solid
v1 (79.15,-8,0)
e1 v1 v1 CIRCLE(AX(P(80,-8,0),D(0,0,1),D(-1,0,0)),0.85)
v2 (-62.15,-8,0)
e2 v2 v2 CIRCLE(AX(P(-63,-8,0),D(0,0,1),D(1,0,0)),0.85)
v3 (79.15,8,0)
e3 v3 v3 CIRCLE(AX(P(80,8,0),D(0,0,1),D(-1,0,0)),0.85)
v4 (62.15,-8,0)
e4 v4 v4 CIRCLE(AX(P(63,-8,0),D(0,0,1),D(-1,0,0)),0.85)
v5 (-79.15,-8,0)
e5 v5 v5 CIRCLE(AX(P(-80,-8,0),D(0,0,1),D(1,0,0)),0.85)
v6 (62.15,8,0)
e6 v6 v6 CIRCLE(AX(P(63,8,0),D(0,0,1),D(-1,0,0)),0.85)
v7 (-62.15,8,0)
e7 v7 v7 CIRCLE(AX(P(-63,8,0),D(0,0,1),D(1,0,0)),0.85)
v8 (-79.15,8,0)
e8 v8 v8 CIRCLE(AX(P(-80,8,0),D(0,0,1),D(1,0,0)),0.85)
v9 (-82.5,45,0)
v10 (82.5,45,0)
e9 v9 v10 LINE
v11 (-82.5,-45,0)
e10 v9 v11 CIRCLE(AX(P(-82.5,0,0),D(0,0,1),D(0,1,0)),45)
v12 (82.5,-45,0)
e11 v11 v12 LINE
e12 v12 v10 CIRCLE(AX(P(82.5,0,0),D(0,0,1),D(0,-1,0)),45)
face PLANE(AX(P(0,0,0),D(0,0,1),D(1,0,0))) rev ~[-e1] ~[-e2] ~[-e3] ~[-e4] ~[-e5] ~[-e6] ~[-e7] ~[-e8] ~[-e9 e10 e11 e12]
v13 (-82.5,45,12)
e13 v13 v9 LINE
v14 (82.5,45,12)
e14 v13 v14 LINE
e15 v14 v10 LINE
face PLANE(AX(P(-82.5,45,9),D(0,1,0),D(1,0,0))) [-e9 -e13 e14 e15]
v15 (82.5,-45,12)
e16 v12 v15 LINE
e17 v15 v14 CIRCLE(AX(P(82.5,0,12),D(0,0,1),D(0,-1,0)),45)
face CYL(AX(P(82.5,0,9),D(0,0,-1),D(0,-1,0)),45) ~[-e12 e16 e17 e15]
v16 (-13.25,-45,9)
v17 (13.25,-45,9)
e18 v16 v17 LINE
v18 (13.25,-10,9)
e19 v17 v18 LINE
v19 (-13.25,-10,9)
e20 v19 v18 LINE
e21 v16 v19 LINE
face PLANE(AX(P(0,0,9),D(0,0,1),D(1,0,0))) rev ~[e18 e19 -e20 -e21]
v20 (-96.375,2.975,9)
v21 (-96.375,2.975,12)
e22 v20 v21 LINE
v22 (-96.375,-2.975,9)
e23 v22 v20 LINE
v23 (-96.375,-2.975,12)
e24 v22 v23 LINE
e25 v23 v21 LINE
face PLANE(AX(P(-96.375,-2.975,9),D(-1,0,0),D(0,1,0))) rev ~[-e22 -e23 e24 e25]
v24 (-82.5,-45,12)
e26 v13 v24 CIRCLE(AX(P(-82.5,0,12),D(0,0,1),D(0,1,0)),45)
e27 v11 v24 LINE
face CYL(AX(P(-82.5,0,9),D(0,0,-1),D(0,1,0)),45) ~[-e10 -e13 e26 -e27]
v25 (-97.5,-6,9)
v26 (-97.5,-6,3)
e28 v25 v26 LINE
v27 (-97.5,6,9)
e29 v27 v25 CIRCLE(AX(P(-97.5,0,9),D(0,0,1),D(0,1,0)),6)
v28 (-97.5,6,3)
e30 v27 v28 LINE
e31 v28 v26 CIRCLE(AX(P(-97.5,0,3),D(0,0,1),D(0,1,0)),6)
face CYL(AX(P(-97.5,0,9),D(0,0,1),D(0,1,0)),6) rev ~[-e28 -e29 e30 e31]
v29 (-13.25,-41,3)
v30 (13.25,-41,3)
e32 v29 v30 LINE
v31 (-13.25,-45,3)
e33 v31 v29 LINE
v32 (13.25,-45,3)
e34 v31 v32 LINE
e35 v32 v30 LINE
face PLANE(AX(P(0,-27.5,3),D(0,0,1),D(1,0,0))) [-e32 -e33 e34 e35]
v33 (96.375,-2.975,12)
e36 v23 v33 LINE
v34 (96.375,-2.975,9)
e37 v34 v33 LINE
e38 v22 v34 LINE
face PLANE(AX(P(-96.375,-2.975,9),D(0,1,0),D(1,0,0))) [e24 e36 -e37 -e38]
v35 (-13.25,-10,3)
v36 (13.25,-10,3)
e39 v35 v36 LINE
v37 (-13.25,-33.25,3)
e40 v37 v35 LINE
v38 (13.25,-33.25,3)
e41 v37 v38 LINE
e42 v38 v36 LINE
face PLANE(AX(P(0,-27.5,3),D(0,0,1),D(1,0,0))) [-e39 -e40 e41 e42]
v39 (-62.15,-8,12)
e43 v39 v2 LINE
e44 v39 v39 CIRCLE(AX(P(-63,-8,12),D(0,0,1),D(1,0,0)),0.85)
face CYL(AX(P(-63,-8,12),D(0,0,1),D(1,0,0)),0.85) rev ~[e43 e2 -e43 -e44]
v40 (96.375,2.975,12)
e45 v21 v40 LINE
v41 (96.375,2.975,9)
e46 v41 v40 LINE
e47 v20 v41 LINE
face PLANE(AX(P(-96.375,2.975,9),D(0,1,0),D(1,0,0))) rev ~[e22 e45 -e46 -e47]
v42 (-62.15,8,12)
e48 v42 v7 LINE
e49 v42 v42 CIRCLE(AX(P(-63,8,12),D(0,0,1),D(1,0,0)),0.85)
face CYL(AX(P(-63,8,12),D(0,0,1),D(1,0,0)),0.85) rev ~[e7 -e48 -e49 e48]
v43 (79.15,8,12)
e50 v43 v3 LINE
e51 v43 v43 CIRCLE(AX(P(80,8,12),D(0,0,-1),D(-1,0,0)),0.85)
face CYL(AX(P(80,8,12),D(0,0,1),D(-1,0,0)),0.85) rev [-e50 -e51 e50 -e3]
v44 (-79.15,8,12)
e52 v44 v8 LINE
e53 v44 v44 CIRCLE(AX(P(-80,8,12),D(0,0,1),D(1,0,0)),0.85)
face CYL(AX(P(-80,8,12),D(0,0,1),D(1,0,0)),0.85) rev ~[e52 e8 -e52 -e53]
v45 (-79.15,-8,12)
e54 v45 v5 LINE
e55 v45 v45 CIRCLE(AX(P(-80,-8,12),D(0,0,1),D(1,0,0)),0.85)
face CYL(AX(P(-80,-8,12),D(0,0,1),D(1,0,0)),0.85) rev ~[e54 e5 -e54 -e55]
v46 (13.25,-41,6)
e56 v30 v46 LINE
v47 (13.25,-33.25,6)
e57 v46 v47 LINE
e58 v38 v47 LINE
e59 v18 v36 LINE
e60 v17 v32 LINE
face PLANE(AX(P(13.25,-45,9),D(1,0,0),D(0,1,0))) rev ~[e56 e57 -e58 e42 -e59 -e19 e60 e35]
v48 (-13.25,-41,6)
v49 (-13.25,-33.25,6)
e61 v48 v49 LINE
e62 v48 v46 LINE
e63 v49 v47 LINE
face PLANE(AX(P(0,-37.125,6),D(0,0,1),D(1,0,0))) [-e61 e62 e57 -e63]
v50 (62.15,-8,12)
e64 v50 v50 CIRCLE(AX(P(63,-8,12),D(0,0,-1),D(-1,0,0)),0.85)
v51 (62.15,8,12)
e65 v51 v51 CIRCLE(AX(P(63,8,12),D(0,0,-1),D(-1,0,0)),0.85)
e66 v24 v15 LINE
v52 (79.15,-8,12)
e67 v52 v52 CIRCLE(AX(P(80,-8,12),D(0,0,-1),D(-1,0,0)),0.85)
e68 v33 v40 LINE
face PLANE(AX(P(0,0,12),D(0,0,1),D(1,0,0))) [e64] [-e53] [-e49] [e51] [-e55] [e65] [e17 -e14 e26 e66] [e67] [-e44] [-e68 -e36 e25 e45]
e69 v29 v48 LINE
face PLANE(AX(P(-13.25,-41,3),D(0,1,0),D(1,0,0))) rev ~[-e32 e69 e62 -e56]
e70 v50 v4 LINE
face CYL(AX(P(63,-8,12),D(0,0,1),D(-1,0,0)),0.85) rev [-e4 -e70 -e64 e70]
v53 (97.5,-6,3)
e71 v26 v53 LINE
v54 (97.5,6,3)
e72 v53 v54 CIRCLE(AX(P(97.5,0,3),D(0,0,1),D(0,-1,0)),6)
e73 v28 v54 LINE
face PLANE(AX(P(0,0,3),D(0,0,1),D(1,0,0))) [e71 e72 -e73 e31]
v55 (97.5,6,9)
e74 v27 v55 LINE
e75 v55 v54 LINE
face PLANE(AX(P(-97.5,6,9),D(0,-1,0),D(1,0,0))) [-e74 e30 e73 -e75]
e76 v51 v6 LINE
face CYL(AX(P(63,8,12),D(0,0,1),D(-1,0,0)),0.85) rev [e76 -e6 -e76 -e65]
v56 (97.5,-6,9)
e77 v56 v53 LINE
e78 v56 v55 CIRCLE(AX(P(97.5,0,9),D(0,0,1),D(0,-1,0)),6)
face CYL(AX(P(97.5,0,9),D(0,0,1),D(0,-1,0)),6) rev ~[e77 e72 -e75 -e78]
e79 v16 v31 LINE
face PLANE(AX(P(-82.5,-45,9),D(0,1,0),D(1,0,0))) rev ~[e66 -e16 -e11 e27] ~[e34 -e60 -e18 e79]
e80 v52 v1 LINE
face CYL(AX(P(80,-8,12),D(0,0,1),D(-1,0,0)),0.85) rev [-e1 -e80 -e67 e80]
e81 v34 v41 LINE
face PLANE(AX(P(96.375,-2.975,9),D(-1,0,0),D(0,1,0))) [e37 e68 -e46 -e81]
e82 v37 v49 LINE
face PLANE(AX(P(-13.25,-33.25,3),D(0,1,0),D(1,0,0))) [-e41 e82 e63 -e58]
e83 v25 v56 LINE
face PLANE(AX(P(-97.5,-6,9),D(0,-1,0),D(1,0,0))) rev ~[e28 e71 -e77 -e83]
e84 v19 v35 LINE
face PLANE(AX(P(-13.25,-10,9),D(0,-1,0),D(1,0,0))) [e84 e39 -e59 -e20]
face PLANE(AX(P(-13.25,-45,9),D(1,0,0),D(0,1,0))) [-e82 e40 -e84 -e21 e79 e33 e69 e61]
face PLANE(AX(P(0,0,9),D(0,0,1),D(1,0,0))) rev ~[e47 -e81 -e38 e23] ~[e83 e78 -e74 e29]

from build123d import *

# Parameters (mm, degrees)
PAD_DEPTH       = 9
POCKET_DEPTH    = 6
SKETCH002_W     = 26.5
SKETCH002_H     = 35
POCKET001_DEPTH = 6
SKETCH003_W     = 192.75
SKETCH003_H     = 5.95
PAD001_DEPTH    = 3
SKETCH004_R     = 0.85
POCKET002_DEPTH = 553.365942
SKETCH005_W     = 26.5
SKETCH005_H     = 7.75
PAD002_DEPTH    = 3


with BuildPart() as part:
    # Sketch → Pad (new body)
    with BuildSketch(Plane.XY):
        with BuildLine():
            ThreePointArc((-82.5, 45), (-127.5, 0), (-82.5, -45))
            Line((-82.5, -45), (82.5, -45))
            ThreePointArc((82.5, -45), (127.5, 0), (82.5, 45))
            Line((-82.5, 45), (82.5, 45))
        make_face()
    extrude(amount=PAD_DEPTH)

    # Sketch001 (on Face6 of Pad) → Pocket (cut)
    with BuildSketch(Plane.XY.offset(9)):
        with BuildLine():
            ThreePointArc((-97.5, 6), (-103.5, 0), (-97.5, -6))
            Line((-97.5, -6), (97.5, -6))
            ThreePointArc((97.5, -6), (103.5, 0), (97.5, 6))
            Line((-97.5, 6), (97.5, 6))
        make_face()
    extrude(amount=-POCKET_DEPTH, mode=Mode.SUBTRACT)

    # Sketch002 (on Face5 of Pocket) → Pocket001 (cut)
    with BuildSketch(Plane.XY.offset(9)):
        with Locations((0, -27.5)):
            Rectangle(SKETCH002_W, SKETCH002_H)
    extrude(amount=-POCKET001_DEPTH, mode=Mode.SUBTRACT)

    # Sketch003 (on Face5 of Pocket001) → Pad001 (join)
    with BuildSketch(Plane.XY.offset(9)):
        with BuildLine():
            ThreePointArc((-82.5, 45), (-127.5, 0), (-82.5, -45))
            Line((-82.5, -45), (82.5, -45))
            ThreePointArc((82.5, -45), (127.5, 0), (82.5, 45))
            Line((-82.5, 45), (82.5, 45))
        make_face()
        Rectangle(SKETCH003_W, SKETCH003_H, mode=Mode.SUBTRACT)
    extrude(amount=PAD001_DEPTH)

    # Sketch004 (on Face12 of Pad001) → Pocket002 (cut, through all)
    with BuildSketch(Plane.XY.offset(12)):
        with Locations((-80, -8)):
            Circle(SKETCH004_R)
        with Locations((-63, -8)):
            Circle(SKETCH004_R)
        with Locations((-63, 8)):
            Circle(SKETCH004_R)
        with Locations((-80, 8)):
            Circle(SKETCH004_R)
    pocket002 = extrude(amount=-POCKET002_DEPTH, mode=Mode.SUBTRACT)

    # Sketch005 (on Face10 of Pocket002) → Pad002 (join)
    with BuildSketch(Plane.XY.offset(3)):
        with Locations((0, -37.125)):
            Rectangle(SKETCH005_W, SKETCH005_H)
    extrude(amount=PAD002_DEPTH)

    # Mirrored: Pocket002 across Sketch004 V_Axis
    add(pocket002.mirror(Plane(origin=(0, 0, 12), x_dir=(0, 0, 1), z_dir=(1, 0, 0))), mode=Mode.SUBTRACT)


solid = part.part
